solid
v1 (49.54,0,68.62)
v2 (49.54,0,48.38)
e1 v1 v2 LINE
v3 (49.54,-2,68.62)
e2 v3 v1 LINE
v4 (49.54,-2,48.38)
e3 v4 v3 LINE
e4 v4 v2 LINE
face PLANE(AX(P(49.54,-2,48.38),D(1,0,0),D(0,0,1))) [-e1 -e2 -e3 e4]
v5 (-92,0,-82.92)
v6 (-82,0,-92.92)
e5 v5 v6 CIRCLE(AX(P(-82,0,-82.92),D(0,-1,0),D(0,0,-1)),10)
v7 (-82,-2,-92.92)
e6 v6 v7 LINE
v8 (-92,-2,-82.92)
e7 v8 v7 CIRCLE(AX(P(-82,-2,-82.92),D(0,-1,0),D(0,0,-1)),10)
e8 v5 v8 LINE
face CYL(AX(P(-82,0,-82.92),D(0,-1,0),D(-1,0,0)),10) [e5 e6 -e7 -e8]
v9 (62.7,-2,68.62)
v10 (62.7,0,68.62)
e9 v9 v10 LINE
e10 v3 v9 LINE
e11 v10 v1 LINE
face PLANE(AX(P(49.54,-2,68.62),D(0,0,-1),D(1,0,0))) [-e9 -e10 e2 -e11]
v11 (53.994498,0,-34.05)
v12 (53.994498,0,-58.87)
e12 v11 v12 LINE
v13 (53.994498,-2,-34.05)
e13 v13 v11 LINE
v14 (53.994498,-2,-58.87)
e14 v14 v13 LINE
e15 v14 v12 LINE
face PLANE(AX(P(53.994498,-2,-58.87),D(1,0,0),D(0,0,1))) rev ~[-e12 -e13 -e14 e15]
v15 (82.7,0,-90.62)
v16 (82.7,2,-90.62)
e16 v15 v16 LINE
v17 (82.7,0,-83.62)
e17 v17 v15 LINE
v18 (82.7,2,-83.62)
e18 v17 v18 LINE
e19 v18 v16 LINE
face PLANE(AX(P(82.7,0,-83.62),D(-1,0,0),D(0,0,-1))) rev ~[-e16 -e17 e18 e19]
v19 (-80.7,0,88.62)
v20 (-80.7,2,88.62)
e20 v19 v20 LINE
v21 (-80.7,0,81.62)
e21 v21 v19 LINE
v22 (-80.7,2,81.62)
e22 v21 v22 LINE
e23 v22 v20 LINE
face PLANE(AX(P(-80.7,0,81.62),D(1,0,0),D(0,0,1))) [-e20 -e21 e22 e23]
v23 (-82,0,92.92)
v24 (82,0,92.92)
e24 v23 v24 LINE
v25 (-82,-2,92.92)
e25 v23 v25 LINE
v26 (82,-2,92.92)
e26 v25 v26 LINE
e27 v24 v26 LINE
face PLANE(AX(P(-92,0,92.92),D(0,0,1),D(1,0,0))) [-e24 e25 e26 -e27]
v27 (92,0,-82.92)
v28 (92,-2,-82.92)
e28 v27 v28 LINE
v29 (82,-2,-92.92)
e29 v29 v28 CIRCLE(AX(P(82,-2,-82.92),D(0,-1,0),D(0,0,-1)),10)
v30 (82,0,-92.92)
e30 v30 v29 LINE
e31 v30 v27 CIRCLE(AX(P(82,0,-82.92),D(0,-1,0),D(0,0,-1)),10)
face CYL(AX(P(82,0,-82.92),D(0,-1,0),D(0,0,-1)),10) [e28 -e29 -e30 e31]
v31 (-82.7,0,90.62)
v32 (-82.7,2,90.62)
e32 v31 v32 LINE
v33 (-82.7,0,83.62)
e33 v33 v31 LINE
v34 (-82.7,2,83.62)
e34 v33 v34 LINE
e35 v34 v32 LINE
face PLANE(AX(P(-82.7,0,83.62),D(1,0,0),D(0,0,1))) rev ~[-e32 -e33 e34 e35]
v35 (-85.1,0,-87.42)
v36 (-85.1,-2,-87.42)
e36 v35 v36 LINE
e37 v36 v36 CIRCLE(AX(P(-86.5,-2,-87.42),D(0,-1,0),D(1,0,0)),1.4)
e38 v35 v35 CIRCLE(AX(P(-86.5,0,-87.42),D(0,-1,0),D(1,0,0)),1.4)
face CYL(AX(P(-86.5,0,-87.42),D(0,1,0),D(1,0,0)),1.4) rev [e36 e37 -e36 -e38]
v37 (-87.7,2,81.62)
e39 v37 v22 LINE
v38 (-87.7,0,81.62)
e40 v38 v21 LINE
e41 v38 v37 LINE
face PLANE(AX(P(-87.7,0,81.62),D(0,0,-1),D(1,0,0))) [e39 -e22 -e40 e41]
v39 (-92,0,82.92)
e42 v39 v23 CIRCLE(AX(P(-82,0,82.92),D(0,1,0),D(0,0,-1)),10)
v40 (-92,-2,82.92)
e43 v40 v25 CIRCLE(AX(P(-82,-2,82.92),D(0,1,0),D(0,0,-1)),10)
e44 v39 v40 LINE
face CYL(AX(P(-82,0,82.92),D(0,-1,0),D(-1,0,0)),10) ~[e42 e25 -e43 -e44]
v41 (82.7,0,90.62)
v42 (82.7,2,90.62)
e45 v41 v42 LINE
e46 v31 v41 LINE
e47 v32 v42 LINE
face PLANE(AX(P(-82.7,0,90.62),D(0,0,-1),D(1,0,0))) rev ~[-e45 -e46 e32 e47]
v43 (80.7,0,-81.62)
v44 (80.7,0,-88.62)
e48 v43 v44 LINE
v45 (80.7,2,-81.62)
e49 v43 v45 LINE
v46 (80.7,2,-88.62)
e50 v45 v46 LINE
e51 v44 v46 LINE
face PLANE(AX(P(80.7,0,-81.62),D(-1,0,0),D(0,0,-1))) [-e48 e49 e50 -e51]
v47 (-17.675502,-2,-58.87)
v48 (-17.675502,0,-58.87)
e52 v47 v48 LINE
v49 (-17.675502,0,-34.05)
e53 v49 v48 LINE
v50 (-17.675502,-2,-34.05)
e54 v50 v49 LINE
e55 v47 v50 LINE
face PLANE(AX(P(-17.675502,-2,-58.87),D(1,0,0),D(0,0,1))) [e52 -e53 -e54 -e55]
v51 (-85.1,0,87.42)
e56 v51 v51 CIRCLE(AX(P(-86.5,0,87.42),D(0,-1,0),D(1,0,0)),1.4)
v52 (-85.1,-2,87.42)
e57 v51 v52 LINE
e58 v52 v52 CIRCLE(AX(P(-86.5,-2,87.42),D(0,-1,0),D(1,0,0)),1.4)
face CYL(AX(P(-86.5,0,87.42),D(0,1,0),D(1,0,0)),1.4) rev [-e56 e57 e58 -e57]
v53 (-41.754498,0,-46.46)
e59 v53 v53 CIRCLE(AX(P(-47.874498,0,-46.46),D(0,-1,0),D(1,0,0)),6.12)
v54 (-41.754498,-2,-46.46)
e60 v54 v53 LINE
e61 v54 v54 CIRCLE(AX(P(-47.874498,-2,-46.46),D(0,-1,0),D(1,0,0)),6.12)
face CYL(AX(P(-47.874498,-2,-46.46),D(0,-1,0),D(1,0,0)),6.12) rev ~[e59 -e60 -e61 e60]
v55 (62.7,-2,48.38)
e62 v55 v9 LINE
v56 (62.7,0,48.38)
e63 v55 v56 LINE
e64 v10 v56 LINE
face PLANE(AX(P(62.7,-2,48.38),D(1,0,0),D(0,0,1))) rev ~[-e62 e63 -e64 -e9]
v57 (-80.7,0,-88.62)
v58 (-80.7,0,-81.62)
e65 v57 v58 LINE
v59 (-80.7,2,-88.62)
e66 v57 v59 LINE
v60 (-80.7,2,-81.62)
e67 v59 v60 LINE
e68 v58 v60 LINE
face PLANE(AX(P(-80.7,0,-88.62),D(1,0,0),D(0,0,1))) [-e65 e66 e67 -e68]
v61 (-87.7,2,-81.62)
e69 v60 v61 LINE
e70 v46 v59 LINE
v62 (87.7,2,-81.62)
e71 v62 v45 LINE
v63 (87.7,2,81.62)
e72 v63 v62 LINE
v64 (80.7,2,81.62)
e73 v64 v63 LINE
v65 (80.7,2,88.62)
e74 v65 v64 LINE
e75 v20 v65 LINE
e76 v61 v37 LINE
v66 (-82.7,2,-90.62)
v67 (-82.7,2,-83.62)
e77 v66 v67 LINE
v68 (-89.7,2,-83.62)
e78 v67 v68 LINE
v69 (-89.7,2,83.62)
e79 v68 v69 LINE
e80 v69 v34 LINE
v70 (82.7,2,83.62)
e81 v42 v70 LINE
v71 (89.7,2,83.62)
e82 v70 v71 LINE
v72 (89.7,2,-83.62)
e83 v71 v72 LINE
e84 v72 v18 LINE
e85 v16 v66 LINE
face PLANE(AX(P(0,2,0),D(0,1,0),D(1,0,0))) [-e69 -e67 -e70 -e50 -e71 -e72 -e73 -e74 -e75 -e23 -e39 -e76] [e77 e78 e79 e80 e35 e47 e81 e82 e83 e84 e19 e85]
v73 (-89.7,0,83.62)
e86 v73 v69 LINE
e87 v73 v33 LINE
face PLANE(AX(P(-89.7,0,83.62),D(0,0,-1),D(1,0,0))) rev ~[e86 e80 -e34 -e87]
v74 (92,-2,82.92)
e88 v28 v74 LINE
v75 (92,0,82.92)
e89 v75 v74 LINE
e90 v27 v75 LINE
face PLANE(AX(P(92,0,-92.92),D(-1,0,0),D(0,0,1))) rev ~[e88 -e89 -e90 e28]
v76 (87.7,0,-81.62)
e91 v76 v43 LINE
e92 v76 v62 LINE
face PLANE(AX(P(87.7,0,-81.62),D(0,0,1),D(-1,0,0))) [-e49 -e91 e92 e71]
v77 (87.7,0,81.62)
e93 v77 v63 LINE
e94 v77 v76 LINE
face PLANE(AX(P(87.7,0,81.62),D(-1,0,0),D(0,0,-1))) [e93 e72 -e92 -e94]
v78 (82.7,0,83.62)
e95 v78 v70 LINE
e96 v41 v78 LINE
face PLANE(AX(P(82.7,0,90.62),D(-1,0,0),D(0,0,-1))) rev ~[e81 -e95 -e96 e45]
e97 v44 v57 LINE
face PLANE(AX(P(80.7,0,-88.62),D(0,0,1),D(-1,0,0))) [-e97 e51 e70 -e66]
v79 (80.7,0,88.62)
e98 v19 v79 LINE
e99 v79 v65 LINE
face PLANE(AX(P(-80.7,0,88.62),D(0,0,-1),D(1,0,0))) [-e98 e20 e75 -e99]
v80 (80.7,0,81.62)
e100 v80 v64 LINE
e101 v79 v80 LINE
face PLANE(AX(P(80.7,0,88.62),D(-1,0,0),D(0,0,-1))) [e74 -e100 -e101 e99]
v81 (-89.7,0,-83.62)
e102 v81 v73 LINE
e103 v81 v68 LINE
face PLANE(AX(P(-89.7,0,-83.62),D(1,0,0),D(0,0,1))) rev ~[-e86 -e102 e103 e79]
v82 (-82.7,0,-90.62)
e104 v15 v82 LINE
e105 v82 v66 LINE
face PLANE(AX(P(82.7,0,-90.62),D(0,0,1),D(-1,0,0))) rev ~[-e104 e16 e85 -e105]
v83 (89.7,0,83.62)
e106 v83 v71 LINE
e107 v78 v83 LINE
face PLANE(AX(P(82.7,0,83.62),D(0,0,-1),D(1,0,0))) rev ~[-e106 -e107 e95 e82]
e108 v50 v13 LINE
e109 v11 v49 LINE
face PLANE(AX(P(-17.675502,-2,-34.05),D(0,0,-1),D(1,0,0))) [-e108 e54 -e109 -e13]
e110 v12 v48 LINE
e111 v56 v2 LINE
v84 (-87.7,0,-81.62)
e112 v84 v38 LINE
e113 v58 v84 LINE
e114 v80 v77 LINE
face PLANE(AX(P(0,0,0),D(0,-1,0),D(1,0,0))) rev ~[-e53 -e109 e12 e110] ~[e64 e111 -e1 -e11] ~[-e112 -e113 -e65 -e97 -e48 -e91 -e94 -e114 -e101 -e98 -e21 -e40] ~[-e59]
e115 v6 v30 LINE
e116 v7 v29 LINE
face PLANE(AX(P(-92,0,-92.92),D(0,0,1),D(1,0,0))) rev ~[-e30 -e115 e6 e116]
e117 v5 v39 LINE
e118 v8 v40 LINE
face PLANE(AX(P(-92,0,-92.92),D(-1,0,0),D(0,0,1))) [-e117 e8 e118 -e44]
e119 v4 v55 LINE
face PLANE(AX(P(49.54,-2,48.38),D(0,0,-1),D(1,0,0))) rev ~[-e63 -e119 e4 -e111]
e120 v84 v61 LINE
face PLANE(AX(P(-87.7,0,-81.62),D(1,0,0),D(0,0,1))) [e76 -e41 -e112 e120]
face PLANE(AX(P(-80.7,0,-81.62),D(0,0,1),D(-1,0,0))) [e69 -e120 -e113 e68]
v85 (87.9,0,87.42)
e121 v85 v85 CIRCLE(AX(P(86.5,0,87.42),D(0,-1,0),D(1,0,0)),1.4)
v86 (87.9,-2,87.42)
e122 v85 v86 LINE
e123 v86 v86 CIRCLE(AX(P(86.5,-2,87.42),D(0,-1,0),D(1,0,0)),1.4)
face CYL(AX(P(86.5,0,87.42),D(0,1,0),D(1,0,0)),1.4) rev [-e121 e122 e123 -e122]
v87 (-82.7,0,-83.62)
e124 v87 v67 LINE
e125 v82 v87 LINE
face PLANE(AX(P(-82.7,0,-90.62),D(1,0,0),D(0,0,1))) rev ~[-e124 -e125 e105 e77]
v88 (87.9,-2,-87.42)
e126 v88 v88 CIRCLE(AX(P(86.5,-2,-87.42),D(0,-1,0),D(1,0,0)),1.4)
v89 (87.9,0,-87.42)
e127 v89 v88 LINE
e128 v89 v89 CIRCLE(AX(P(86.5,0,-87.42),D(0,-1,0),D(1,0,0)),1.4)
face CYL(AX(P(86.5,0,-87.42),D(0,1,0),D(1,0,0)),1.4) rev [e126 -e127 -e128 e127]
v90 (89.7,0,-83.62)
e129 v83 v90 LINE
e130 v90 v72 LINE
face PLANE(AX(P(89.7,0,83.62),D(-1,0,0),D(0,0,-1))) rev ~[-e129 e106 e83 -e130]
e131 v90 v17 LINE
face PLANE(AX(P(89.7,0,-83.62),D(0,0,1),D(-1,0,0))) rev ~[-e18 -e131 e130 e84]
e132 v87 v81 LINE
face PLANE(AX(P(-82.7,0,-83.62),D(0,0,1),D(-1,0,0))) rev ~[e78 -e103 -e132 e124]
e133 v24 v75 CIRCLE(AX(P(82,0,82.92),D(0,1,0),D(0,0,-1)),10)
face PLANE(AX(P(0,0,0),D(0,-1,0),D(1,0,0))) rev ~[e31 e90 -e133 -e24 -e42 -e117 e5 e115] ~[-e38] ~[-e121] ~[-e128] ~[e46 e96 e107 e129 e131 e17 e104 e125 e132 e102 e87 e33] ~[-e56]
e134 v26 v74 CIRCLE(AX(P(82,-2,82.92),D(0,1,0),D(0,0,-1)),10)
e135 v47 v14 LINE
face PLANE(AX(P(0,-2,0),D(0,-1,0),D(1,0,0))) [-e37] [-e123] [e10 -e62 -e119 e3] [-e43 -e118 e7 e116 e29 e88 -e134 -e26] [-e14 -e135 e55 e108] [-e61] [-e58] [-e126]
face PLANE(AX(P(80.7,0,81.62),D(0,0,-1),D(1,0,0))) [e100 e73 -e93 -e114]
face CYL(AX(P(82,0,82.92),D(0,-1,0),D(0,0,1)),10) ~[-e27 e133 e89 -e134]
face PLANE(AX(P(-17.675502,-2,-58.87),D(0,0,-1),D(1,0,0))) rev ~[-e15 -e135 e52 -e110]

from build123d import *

# Parameters (mm, degrees)
BOSS_EXTRUDE1_DEPTH = 2
SKETCH13_W          = 184
SKETCH13_H          = 185.84
SKETCH13_R          = 1.4
BOSS_EXTRUDE6_DEPTH = 2
FILLET3_R           = 10
CUT_EXTRUDE9_REACH  = 6
SKETCH14_R          = 6.12
SKETCH14_W          = 71.67
SKETCH14_H          = 24.82
SKETCH14_W_2        = 13.16
SKETCH14_H_2        = 20.24


with BuildPart() as part:
    # Sketch1 → Boss-Extrude1 (new body)
    with BuildSketch(Plane(origin=(0, 0, 0), x_dir=(1, 0, 0), z_dir=(0, 1, 0))):
        Polygon((-82.7, -90.62), (82.7, -90.62), (82.7, -83.62), (89.7, -83.62), (89.7, 83.62), (82.7, 83.62), (82.7, 90.62), (-82.7, 90.62), (-82.7, 83.62), (-89.7, 83.62), (-89.7, -83.62), (-82.7, -83.62), align=None)
        Polygon((-80.7, -88.62), (80.7, -88.62), (80.7, -81.62), (87.7, -81.62), (87.7, 81.62), (80.7, 81.62), (80.7, 88.62), (-80.7, 88.62), (-80.7, 81.62), (-87.7, 81.62), (-87.7, -81.62), (-80.7, -81.62), align=None, mode=Mode.SUBTRACT)
    extrude(amount=BOSS_EXTRUDE1_DEPTH)

    # Sketch13 → Boss-Extrude6 (add)
    with BuildSketch(Plane.XZ):
        Rectangle(SKETCH13_W, SKETCH13_H)
        with Locations((-86.5, -87.42)):
            Circle(SKETCH13_R, mode=Mode.SUBTRACT)
        with Locations((86.5, -87.42)):
            Circle(SKETCH13_R, mode=Mode.SUBTRACT)
        with Locations((86.5, 87.42)):
            Circle(SKETCH13_R, mode=Mode.SUBTRACT)
        with Locations((-86.5, 87.42)):
            Circle(SKETCH13_R, mode=Mode.SUBTRACT)
    extrude(amount=BOSS_EXTRUDE6_DEPTH)

    # Fillet3
    fillet3_edges = [part.edges().sort_by_distance(p)[0] for p in [
        (-92, -1, 92.92),
        (-92, -1, -92.92),
        (92, -1, -92.92),
        (92, -1, 92.92),
    ]]
    fillet(fillet3_edges, radius=FILLET3_R)

    # Sketch14 → Cut-Extrude9 (cut, up to next)
    with BuildSketch(Plane.XZ.offset(2), mode=Mode.PRIVATE) as cut_extrude9_sk1:
        with Locations((-47.874498459, -46.46)):
            Circle(SKETCH14_R)
    cut_extrude9_tool1 = extrude(cut_extrude9_sk1.sketch, amount=-CUT_EXTRUDE9_REACH, mode=Mode.PRIVATE) & part.part
    add(cut_extrude9_tool1.solids().sort_by_distance((-47.874498, -2, -46.46))[0], mode=Mode.SUBTRACT)
    # Sketch14 → Cut-Extrude9 (cut, up to next)
    with BuildSketch(Plane.XZ.offset(2), mode=Mode.PRIVATE) as cut_extrude9_sk2:
        with Locations((18.159498459, -46.46)):
            Rectangle(SKETCH14_W, SKETCH14_H)
    cut_extrude9_tool2 = extrude(cut_extrude9_sk2.sketch, amount=-CUT_EXTRUDE9_REACH, mode=Mode.PRIVATE) & part.part
    add(cut_extrude9_tool2.solids().sort_by_distance((18.159498, -2, -46.46))[0], mode=Mode.SUBTRACT)
    # Sketch14 → Cut-Extrude9 (cut, up to next)
    with BuildSketch(Plane.XZ.offset(2), mode=Mode.PRIVATE) as cut_extrude9_sk3:
        with Locations((56.12, 58.5)):
            Rectangle(SKETCH14_W_2, SKETCH14_H_2)
    cut_extrude9_tool3 = extrude(cut_extrude9_sk3.sketch, amount=-CUT_EXTRUDE9_REACH, mode=Mode.PRIVATE) & part.part
    add(cut_extrude9_tool3.solids().sort_by_distance((56.12, -2, 58.5))[0], mode=Mode.SUBTRACT)


solid = part.part
